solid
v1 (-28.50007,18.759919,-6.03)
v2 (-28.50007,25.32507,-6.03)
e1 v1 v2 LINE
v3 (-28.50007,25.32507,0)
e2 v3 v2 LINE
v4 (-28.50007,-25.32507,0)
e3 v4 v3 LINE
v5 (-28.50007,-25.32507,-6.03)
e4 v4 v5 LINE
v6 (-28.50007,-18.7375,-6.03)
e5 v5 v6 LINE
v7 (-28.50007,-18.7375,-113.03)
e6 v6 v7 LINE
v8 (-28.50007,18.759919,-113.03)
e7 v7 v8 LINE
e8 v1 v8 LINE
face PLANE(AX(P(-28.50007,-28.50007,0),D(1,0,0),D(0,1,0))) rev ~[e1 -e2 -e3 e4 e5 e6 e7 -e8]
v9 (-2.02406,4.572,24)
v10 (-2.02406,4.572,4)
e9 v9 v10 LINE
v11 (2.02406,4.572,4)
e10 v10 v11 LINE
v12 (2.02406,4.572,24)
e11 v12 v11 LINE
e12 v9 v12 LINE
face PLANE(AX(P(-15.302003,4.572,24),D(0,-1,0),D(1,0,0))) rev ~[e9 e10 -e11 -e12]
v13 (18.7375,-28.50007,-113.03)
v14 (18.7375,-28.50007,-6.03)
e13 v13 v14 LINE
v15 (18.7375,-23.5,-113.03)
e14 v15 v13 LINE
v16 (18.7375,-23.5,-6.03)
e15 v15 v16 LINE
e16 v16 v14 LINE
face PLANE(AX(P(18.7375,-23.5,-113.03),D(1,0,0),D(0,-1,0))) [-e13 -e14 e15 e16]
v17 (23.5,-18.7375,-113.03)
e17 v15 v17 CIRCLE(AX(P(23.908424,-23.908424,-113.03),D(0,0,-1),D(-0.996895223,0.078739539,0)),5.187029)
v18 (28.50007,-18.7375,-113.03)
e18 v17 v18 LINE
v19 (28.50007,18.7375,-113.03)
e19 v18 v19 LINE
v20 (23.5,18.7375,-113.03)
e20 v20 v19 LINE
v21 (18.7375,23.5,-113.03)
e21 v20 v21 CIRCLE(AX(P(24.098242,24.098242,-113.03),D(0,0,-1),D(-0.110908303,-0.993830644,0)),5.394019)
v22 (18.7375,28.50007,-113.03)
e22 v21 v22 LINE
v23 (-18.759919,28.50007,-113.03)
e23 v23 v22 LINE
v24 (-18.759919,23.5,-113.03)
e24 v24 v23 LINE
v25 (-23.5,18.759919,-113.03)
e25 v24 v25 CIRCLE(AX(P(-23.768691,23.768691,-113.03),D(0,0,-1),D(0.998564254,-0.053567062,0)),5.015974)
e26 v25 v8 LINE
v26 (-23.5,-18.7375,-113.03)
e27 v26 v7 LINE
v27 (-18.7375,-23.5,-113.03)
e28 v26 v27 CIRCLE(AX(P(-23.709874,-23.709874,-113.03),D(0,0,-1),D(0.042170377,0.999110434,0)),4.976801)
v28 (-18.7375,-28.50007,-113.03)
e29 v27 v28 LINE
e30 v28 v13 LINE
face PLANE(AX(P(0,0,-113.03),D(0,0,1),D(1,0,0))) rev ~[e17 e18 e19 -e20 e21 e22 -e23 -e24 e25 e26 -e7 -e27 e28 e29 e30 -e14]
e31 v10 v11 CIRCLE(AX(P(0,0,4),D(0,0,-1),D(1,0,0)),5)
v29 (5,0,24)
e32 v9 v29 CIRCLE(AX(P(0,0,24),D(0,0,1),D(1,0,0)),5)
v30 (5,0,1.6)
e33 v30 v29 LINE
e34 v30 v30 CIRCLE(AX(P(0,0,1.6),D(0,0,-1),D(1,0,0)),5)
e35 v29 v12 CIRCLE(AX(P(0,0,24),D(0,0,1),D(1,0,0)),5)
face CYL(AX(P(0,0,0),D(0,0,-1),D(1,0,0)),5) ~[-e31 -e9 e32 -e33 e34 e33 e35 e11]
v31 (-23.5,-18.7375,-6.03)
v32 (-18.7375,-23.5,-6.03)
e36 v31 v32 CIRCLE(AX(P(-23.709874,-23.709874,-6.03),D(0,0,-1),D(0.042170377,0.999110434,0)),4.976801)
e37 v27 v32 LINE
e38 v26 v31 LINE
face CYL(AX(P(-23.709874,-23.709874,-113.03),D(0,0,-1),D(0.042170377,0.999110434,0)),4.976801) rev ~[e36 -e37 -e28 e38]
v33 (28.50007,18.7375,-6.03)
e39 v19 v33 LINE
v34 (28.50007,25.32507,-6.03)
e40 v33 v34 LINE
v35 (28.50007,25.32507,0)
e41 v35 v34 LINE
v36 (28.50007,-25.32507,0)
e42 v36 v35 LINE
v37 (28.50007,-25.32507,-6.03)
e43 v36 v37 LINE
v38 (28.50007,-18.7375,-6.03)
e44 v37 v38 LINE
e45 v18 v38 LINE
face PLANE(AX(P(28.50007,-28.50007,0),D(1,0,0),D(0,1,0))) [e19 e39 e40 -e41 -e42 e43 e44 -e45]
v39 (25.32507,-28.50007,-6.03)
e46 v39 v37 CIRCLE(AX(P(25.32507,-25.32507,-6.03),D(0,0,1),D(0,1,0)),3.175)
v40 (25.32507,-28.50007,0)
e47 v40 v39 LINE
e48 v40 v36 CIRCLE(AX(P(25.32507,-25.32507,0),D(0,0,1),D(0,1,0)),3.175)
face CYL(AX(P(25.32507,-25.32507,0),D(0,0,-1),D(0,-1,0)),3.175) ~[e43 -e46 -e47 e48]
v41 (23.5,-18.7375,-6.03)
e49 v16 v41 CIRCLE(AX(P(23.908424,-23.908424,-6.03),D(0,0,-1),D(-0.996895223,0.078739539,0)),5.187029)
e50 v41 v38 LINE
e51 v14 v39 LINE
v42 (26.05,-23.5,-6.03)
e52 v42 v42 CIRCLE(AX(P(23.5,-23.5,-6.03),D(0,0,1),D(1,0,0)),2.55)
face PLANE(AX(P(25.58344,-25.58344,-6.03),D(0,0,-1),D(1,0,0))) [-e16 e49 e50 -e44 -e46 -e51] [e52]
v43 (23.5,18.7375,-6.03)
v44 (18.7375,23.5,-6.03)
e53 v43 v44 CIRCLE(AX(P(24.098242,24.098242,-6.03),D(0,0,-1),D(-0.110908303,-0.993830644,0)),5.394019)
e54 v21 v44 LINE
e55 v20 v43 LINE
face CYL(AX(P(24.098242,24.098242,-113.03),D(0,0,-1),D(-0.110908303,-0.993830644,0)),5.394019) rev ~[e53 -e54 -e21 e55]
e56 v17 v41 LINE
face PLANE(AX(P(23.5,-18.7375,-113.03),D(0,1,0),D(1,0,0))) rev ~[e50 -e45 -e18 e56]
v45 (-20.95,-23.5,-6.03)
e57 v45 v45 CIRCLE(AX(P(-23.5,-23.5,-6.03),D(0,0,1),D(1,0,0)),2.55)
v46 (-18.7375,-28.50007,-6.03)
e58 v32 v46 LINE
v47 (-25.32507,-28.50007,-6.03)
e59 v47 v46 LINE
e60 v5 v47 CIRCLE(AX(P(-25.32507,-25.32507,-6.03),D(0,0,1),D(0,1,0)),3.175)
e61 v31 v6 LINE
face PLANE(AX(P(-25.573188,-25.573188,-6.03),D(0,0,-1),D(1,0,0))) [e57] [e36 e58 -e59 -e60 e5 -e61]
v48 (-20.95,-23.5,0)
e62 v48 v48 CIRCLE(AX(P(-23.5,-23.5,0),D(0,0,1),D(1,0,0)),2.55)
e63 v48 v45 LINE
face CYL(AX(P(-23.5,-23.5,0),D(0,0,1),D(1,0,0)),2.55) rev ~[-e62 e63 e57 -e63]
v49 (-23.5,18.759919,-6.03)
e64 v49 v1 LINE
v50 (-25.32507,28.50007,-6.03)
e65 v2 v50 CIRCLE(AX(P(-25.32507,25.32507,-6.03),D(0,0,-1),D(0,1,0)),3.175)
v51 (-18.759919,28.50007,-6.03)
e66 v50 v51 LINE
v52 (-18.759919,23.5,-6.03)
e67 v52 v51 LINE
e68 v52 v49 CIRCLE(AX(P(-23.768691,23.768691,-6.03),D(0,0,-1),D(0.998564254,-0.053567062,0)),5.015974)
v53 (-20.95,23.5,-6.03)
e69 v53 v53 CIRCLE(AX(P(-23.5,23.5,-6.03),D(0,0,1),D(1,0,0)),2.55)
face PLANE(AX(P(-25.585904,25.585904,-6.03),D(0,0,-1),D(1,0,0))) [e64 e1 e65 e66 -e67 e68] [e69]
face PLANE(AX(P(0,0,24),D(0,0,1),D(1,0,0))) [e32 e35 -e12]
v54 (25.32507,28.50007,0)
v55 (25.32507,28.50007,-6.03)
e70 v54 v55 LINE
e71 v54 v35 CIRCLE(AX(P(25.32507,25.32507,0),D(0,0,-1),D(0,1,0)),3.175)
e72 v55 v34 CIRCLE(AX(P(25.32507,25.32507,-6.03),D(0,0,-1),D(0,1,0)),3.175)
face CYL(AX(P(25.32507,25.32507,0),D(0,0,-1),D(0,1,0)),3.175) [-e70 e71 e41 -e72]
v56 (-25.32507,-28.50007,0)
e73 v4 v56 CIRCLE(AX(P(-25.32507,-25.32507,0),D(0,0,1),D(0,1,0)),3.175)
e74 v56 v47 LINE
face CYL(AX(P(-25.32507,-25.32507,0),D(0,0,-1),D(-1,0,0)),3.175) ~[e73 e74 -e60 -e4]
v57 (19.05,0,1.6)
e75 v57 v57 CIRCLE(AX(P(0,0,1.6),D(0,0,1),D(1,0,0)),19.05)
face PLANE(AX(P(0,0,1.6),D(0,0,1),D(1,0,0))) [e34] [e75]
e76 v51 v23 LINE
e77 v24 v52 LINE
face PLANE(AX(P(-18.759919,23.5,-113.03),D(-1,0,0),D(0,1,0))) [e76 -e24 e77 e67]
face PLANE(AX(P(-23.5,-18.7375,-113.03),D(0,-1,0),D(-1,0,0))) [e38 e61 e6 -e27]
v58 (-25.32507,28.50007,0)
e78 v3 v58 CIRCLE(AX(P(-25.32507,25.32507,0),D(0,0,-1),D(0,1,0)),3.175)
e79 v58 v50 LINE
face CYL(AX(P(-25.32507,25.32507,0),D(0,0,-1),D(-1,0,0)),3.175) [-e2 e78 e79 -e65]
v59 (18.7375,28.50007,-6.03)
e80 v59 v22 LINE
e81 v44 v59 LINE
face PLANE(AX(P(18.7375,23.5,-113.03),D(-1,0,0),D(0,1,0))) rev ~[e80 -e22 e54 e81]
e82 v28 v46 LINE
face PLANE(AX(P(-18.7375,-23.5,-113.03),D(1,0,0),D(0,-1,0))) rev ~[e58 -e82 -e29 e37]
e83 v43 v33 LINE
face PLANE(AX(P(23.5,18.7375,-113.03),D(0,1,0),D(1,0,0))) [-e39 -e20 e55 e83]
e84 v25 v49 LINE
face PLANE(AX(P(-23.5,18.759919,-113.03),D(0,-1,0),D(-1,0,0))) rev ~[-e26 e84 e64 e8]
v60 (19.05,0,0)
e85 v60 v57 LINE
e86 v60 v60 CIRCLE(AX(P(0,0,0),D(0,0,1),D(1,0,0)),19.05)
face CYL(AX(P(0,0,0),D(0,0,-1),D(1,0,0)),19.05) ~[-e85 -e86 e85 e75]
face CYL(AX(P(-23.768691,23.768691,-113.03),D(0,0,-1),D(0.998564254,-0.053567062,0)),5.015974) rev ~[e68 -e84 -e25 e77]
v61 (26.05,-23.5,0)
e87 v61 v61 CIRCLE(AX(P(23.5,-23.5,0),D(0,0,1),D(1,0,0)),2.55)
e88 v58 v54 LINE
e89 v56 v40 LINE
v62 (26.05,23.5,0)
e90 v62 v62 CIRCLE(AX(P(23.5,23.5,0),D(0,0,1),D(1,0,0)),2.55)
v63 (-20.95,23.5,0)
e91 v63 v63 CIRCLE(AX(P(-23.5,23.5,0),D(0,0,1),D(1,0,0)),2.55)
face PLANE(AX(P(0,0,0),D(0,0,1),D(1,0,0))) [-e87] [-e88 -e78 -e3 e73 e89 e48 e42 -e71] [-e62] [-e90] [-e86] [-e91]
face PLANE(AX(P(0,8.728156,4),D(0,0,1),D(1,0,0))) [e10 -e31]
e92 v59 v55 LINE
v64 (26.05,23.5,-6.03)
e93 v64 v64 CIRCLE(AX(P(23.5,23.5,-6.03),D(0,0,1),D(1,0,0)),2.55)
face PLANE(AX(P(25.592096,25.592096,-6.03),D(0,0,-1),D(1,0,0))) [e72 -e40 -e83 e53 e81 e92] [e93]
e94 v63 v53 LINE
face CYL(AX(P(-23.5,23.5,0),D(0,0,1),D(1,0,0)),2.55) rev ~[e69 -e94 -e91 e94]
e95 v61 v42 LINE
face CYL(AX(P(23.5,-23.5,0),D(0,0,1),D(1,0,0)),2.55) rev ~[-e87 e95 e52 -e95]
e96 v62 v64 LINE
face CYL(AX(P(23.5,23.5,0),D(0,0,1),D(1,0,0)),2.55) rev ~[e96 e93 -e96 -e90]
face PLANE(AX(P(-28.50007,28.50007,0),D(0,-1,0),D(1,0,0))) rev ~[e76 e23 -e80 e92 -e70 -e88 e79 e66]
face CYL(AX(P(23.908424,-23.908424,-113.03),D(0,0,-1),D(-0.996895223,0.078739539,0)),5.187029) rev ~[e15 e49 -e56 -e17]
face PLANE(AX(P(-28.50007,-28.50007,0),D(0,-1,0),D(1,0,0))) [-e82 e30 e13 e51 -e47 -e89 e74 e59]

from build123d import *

# Parameters (mm, degrees)
SKETCH_W        = 57.00014
SKETCH_H        = 57.00014
SKETCH_R        = 2.55
PAD_DEPTH       = 113.03
POCKET_DEPTH    = 107
SKETCH002_R     = 19.05
PAD001_DEPTH    = 1.6
SKETCH003_R     = 5
PAD002_DEPTH    = 24
FILLET_R        = 3.175
SKETCH004_W     = 30.604006
SKETCH004_H     = 8.312313
POCKET001_DEPTH = 20


with BuildPart() as part:
    # Sketch → Pad (new body)
    with BuildSketch(Plane.XY):
        Rectangle(SKETCH_W, SKETCH_H)
        with Locations((-23.5, 23.5)):
            Circle(SKETCH_R, mode=Mode.SUBTRACT)
        with Locations((23.5, 23.5)):
            Circle(SKETCH_R, mode=Mode.SUBTRACT)
        with Locations((-23.5, -23.5)):
            Circle(SKETCH_R, mode=Mode.SUBTRACT)
        with Locations((23.5, -23.5)):
            Circle(SKETCH_R, mode=Mode.SUBTRACT)
    extrude(amount=-PAD_DEPTH)

    # Sketch001 (on Face10 of Pad) → Pocket (cut)
    with BuildSketch(Plane(origin=(0, 0, -113.03), x_dir=(1, 0, 0), z_dir=(0, 0, -1))):
        with BuildLine():
            Line((-18.7375, 23.5), (-18.7375, 31.75))
            Line((-18.7375, 31.75), (-31.75, 31.75))
            Line((-31.75, 18.7375), (-31.75, 31.75))
            Line((-23.5, 18.7375), (-31.75, 18.7375))
            ThreePointArc((-23.5, 18.7375), (-20.190744, 20.190744), (-18.7375, 23.5))
        make_face()
        with BuildLine():
            Line((23.5, 18.7375), (31.75, 18.7375))
            Line((31.75, 18.7375), (31.75, 31.75))
            Line((18.7375, 31.75), (31.75, 31.75))
            Line((18.7375, 23.5), (18.7375, 31.75))
            ThreePointArc((18.7375, 23.5), (20.240641, 20.240641), (23.5, 18.7375))
        make_face()
        with BuildLine():
            Line((18.7375, -23.5), (18.7375, -31.75))
            Line((18.7375, -31.75), (31.75, -31.75))
            Line((31.75, -18.7375), (31.75, -31.75))
            Line((23.5, -18.7375), (31.75, -18.7375))
            ThreePointArc((23.5, -18.7375), (20.284094, -20.284094), (18.7375, -23.5))
        make_face()
        with BuildLine():
            Line((-23.5, -18.759919), (-31.75, -18.759919))
            Line((-31.75, -18.759919), (-31.75, -31.75))
            Line((-18.759919, -31.75), (-31.75, -31.75))
            Line((-18.759919, -23.5), (-18.759919, -31.75))
            ThreePointArc((-18.759919, -23.5), (-20.221862, -20.221862), (-23.5, -18.759919))
        make_face()
    extrude(amount=-POCKET_DEPTH, mode=Mode.SUBTRACT)

    # Sketch002 (on Face2 of Pocket) → Pad001 (join)
    with BuildSketch(Plane.XY):
        Circle(SKETCH002_R)
    extrude(amount=PAD001_DEPTH)

    # Sketch003 (on Face2 of Pad001) → Pad002 (join)
    with BuildSketch(Plane.XY):
        Circle(SKETCH003_R)
    extrude(amount=PAD002_DEPTH)

    # Fillet
    fillet_edges = [part.edges().sort_by_distance(p)[0] for p in [
        (28.50007, 28.50007, -3.015),
        (28.50007, -28.50007, -3.015),
        (-28.50007, 28.50007, -3.015),
        (-28.50007, -28.50007, -3.015),
    ]]
    fillet(fillet_edges, radius=FILLET_R)

    # Sketch004 (on Face34 of Fillet) → Pocket001 (cut)
    with BuildSketch(Plane.XY.offset(24)):
        with Locations((0, 8.728156)):
            Rectangle(SKETCH004_W, SKETCH004_H)
    extrude(amount=-POCKET001_DEPTH, mode=Mode.SUBTRACT)


solid = part.part
